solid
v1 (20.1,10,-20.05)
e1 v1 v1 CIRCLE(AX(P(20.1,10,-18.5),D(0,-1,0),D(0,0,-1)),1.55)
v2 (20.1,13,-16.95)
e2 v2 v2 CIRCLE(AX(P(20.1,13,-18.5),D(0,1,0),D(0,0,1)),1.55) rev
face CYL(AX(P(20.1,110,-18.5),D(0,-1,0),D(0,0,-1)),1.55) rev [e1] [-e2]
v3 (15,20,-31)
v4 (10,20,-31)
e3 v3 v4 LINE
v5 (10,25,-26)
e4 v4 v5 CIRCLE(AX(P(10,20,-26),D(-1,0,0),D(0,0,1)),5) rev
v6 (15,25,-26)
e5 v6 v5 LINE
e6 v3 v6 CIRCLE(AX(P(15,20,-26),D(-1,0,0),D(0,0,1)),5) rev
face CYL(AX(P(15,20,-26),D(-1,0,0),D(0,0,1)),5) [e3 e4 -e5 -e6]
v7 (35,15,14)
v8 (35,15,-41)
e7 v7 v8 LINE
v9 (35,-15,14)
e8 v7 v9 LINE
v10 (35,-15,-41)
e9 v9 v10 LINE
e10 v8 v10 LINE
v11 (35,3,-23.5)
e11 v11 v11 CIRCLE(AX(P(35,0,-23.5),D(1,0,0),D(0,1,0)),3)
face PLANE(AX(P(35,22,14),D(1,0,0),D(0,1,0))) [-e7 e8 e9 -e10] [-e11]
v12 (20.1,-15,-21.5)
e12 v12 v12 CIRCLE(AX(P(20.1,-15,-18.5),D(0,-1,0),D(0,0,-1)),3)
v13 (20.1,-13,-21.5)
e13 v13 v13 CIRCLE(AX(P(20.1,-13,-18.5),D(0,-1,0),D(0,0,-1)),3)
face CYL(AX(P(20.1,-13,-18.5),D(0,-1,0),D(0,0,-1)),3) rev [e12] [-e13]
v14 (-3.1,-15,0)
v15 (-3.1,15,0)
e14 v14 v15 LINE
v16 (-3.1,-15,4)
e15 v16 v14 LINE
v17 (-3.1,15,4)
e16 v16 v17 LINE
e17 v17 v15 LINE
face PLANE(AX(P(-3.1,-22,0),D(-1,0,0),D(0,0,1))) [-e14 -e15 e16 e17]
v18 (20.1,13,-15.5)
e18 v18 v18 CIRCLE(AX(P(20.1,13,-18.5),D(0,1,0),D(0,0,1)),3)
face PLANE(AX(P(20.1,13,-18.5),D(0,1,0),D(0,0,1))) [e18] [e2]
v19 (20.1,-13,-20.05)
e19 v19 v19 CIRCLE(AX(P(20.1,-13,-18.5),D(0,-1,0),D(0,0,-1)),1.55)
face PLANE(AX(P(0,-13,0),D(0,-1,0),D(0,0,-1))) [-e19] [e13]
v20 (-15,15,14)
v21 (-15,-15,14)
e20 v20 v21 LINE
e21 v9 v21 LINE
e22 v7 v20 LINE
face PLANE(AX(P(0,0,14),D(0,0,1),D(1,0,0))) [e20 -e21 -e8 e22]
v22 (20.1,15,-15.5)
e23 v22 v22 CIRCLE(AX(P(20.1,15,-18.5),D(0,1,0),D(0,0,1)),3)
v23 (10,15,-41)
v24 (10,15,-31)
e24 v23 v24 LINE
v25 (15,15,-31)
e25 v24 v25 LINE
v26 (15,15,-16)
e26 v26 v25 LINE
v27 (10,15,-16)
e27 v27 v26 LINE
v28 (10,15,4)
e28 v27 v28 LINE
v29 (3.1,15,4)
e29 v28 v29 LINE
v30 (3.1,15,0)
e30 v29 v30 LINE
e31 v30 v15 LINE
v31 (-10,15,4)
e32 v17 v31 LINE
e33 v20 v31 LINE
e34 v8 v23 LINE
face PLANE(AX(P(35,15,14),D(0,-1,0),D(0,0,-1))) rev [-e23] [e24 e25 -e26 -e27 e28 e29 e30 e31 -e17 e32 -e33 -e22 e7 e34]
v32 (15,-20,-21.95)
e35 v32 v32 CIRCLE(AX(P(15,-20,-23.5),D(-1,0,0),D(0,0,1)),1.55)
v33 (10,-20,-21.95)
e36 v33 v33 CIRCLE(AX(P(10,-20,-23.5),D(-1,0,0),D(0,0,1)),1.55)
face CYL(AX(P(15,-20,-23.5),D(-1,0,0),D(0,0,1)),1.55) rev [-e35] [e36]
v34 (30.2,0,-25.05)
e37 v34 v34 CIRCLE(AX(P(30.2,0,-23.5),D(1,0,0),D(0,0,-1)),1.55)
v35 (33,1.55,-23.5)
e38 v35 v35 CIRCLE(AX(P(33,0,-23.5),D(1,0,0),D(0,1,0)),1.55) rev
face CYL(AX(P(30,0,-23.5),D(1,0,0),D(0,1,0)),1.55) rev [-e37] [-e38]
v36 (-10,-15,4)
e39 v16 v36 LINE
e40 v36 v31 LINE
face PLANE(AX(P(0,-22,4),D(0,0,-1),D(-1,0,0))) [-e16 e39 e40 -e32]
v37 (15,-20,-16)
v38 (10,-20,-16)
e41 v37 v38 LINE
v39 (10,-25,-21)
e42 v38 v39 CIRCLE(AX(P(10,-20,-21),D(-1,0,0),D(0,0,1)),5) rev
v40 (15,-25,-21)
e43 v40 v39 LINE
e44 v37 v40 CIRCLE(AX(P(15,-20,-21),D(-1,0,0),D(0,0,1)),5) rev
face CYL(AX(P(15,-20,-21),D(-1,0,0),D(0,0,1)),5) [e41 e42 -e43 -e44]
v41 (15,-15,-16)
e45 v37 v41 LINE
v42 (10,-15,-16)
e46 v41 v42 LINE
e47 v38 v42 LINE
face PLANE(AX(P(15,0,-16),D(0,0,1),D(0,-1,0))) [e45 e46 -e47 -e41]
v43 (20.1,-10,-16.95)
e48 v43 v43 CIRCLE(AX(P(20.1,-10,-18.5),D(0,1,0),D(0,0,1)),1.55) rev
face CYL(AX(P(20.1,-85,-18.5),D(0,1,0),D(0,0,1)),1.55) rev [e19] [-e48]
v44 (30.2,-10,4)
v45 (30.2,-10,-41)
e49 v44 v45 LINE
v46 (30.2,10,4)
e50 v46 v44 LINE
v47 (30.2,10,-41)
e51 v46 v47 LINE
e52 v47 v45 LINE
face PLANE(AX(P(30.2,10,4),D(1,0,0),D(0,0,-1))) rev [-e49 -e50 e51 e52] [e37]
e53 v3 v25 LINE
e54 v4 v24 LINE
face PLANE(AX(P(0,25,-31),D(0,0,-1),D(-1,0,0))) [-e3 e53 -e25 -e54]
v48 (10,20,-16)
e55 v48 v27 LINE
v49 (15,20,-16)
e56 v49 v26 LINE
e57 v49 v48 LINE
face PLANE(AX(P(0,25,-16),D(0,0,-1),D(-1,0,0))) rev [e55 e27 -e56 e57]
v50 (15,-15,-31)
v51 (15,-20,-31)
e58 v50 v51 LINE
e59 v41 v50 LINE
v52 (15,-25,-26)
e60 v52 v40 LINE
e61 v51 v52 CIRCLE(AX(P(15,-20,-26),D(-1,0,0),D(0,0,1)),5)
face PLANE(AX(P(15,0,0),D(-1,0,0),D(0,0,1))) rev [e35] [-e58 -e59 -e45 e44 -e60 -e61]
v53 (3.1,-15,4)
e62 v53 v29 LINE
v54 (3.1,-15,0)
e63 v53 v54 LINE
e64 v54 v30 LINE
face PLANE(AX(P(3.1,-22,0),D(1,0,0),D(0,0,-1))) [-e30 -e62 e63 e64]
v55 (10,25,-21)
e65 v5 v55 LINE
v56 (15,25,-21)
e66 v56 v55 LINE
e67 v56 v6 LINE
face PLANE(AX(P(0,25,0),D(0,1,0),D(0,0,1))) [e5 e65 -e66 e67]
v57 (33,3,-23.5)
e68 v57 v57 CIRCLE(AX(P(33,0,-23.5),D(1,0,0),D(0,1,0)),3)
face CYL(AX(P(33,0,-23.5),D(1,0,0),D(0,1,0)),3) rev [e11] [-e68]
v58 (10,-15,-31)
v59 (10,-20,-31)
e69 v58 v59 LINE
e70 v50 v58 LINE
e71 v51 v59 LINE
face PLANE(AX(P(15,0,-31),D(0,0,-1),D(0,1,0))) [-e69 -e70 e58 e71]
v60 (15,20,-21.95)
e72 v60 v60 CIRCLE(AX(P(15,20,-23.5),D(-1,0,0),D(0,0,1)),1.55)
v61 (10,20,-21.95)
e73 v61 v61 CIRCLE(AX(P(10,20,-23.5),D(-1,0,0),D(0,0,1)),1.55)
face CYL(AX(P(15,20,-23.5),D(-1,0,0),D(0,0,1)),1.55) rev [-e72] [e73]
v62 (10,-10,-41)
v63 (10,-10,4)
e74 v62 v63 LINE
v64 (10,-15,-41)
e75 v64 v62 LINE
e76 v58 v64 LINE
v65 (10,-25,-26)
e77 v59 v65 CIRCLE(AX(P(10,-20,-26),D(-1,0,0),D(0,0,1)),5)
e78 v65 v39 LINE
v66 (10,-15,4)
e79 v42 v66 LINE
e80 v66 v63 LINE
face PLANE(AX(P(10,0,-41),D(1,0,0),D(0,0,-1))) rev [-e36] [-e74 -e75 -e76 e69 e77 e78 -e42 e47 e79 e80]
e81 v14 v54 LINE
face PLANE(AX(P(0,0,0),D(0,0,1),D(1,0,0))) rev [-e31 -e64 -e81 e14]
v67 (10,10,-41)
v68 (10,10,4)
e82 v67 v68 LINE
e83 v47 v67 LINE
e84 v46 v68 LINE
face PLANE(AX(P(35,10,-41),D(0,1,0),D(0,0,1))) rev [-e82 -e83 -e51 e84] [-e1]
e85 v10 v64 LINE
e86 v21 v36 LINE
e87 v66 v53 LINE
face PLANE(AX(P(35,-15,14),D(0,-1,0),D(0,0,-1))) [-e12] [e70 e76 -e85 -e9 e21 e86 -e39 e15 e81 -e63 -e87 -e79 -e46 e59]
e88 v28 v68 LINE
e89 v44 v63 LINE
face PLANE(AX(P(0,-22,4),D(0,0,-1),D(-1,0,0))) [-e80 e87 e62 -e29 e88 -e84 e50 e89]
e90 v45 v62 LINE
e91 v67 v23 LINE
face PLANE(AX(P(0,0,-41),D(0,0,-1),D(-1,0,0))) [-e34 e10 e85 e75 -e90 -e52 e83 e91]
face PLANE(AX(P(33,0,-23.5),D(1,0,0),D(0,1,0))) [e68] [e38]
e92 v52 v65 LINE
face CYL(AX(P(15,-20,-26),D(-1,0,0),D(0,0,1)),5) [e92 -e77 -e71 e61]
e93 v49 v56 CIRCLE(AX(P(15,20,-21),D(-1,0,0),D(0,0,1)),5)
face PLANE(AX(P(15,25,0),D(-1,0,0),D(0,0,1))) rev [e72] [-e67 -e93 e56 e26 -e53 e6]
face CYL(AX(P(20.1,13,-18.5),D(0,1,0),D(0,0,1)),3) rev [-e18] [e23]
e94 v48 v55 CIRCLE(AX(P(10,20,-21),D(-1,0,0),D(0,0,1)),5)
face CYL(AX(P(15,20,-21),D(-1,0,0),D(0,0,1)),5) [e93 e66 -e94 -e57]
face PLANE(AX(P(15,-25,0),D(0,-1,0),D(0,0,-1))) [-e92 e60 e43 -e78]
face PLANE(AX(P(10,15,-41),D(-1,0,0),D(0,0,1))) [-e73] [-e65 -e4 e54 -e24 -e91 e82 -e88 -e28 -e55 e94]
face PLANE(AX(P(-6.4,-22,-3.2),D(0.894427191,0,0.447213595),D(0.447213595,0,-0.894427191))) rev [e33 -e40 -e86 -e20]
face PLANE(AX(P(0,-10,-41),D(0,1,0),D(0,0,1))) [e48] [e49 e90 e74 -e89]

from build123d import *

# Parameters (mm, degrees)
EXTRUDE_1_DEPTH      = 14
CUT_EXTRUDE_1_DEPTH  = 44
SKETCH_8_W           = 5
SKETCH_8_H           = 44
CUT_EXTRUDE_2_DEPTH  = 10
SKETCH_9_W           = 25
SKETCH_9_H           = 44
EXTRUDE_2_DEPTH      = 10
SKETCH_10_W          = 50
SKETCH_10_H          = 7
CUT_EXTRUDE_3_DEPTH  = 10
SKETCH_11_W          = 6.2
SKETCH_11_H          = 7
CUT_EXTRUDE_4_DEPTH  = 10
SKETCH_12_W          = 5
SKETCH_12_H          = 5
SKETCH_12_W_2        = 20
SKETCH_12_H_2        = 20
EXTRUDE_3_DEPTH      = 45
SKETCH_13_W          = 5
SKETCH_13_H          = 7.5
EXTRUDE_4_DEPTH      = 10
SKETCH_14_W          = 15
SKETCH_14_H          = 10
EXTRUDE_5_DEPTH      = 5
SKETCH_15_R          = 1.55
CUT_EXTRUDE_5_DEPTH  = 5
CUT_EXTRUDE_6_DEPTH  = 5
CUT_EXTRUDE_7_DEPTH  = 5
EXTRUDE_6_DEPTH      = 5
EXTRUDE_START        = -5
EXTRUDE_7_DEPTH      = 5
SKETCH_20_W          = 0.2
SKETCH_20_H          = 20
CUT_EXTRUDE_8_DEPTH  = 45
CUT_EXTRUDE_START    = -100
CUT_EXTRUDE_9_DEPTH  = 100
CUT_EXTRUDE_10_DEPTH = 100
SKETCH_24_R          = 1.55
CUT_EXTRUDE_11_DEPTH = 100
SKETCH_25_R          = 3
SKETCH_25_R_2        = 1.55
CUT_EXTRUDE_12_DEPTH = 2
CUT_EXTRUDE_START_2  = -2
SKETCH_26_R          = 3
CUT_EXTRUDE_13_DEPTH = 2
CUT_EXTRUDE_14_DEPTH = 5
SKETCH_28_R          = 3
CUT_EXTRUDE_15_DEPTH = 2


with BuildPart() as part:
    # 草图1 → 凸台-拉伸1 (new body)
    with BuildSketch(Plane.XY):
        Polygon((-15, 22), (-15, -22), (15, -22), (15, 22), (0, 22), align=None)
    extrude(amount=EXTRUDE_1_DEPTH)

    # 草图2 → 切除-拉伸1 (cut)
    with BuildSketch(Plane(origin=(0, 22, 0), x_dir=(1, 0, 0), z_dir=(0, 1, 0))):
        Polygon((-15, 0), (-15, -14), (-10, -4), (-3.1, -4), (-3.1, 0), align=None)
        Polygon((3.1, -4), (10, -4), (15, -14), (15, 0), (3.1, 0), align=None)
    extrude(amount=-CUT_EXTRUDE_1_DEPTH, mode=Mode.SUBTRACT)

    # 草图8 → 切除-拉伸2 (cut)
    with BuildSketch(Plane(origin=(0, 0, 4), x_dir=(-1, 0, 0), z_dir=(0, 0, -1))):
        with Locations((-12.5, 0)):
            Rectangle(SKETCH_8_W, SKETCH_8_H)
    extrude(amount=-CUT_EXTRUDE_2_DEPTH, mode=Mode.SUBTRACT)

    # 草图9 → 凸台-拉伸2 (add)
    with BuildSketch(Plane(origin=(0, 0, 4), x_dir=(-1, 0, 0), z_dir=(0, 0, -1))):
        with Locations((-22.5, 0)):
            Rectangle(SKETCH_9_W, SKETCH_9_H)
    extrude(amount=-EXTRUDE_2_DEPTH)

    # 草图10 → 切除-拉伸3 (cut)
    with BuildSketch(Plane(origin=(0, 0, 4), x_dir=(-1, 0, 0), z_dir=(0, 0, -1))):
        with Locations((-10, -18.5)):
            Rectangle(SKETCH_10_W, SKETCH_10_H)
        with Locations((-10, 18.5)):
            Rectangle(SKETCH_10_W, SKETCH_10_H)
    extrude(amount=-CUT_EXTRUDE_3_DEPTH, mode=Mode.SUBTRACT)

    # 草图11 → 切除-拉伸4 (cut)
    with BuildSketch(Plane(origin=(0, 0, 0), x_dir=(-1, 0, 0), z_dir=(0, 0, -1))):
        with Locations((0, 18.5)):
            Rectangle(SKETCH_11_W, SKETCH_11_H)
        with Locations((0, -18.5)):
            Rectangle(SKETCH_11_W, SKETCH_11_H)
    extrude(amount=-CUT_EXTRUDE_4_DEPTH, mode=Mode.SUBTRACT)

    # 草图12 → 凸台-拉伸3 (add)
    with BuildSketch(Plane(origin=(0, 0, 4), x_dir=(-1, 0, 0), z_dir=(0, 0, -1))):
        with Locations((-32.5, 12.5)):
            Rectangle(SKETCH_12_W, SKETCH_12_H)
        with Locations((-20, 12.5)):
            Rectangle(SKETCH_12_W_2, SKETCH_12_H)
        with Locations((-32.5, 0)):
            Rectangle(SKETCH_12_W, SKETCH_12_H_2)
        with Locations((-32.5, -12.5)):
            Rectangle(SKETCH_12_W, SKETCH_12_H)
        with Locations((-20, -12.5)):
            Rectangle(SKETCH_12_W_2, SKETCH_12_H)
    extrude(amount=EXTRUDE_3_DEPTH)

    # 草图13 → 凸台-拉伸4 (add)
    with BuildSketch(Plane(origin=(0, 15, 0), x_dir=(1, 0, 0), z_dir=(0, 1, 0))):
        with Locations((12.5, 27.25)):
            Rectangle(SKETCH_13_W, SKETCH_13_H)
        with Locations((12.5, 19.75)):
            Rectangle(SKETCH_13_W, SKETCH_13_H)
    extrude(amount=EXTRUDE_4_DEPTH)

    # 草图14 → 凸台-拉伸5 (add)
    with BuildSketch(Plane.ZY.offset(-10)):
        with Locations((-23.5, -20)):
            Rectangle(SKETCH_14_W, SKETCH_14_H)
    extrude(amount=-EXTRUDE_5_DEPTH)

    # 草图15 → 切除-拉伸5 (cut)
    with BuildSketch(Plane.ZY.offset(-10)):
        with Locations((-23.5, 20)):
            Circle(SKETCH_15_R)
        with Locations((-23.5, -20)):
            Circle(SKETCH_15_R)
    extrude(amount=-CUT_EXTRUDE_5_DEPTH, mode=Mode.SUBTRACT)

    # 草图16 → 切除-拉伸6 (cut)
    with BuildSketch(Plane.ZY.offset(-10)):
        with BuildLine():
            Line((-31, 25), (-31, 20))
            ThreePointArc((-31, 20), (-29.535533906, 23.535533906), (-26, 25))
            Line((-26, 25), (-31, 25))
        make_face()
        with BuildLine():
            Line((-16, 25), (-21, 25))
            ThreePointArc((-21, 25), (-17.464466094, 23.535533906), (-16, 20))
            Line((-16, 20), (-16, 25))
        make_face()
    extrude(amount=-CUT_EXTRUDE_6_DEPTH, mode=Mode.SUBTRACT)

    # 草图17 → 切除-拉伸7 (cut)
    with BuildSketch(Plane.ZY.offset(-10)):
        with BuildLine():
            ThreePointArc((-26, -25), (-29.535533906, -23.535533906), (-31, -20))
            Line((-31, -20), (-31, -25))
            Line((-31, -25), (-26, -25))
        make_face()
        with BuildLine():
            ThreePointArc((-16, -20), (-17.464466094, -23.535533906), (-21, -25))
            Line((-21, -25), (-16, -25))
            Line((-16, -25), (-16, -20))
        make_face()
    extrude(amount=-CUT_EXTRUDE_7_DEPTH, mode=Mode.SUBTRACT)

    # 草图18 → 凸台-拉伸6 (add)
    with BuildSketch(Plane.XZ.offset(15)):
        with BuildLine():
            Line((10, -41), (10, -31))
            ThreePointArc((10, -31), (7.071067812, -38.071067812), (0, -41))
            Line((0, -41), (10, -41))
        make_face()
    extrude(amount=-EXTRUDE_6_DEPTH)

    # 草图19 → 凸台-拉伸7 (add)
    with BuildSketch(Plane(origin=(0, 15, 0), x_dir=(1, 0, 0), z_dir=(0, 1, 0)).offset(EXTRUDE_START)):
        with BuildLine():
            Line((10, 41), (0, 41))
            ThreePointArc((0, 41), (7.071067812, 38.071067812), (10, 31))
            Line((10, 31), (10, 41))
        make_face()
    extrude(amount=EXTRUDE_7_DEPTH)

    # 草图20 → 切除-拉伸8 (cut)
    with BuildSketch(Plane(origin=(0, 0, -41), x_dir=(-1, 0, 0), z_dir=(0, 0, -1))):
        with Locations((-30.1, 0)):
            Rectangle(SKETCH_20_W, SKETCH_20_H)
    extrude(amount=-CUT_EXTRUDE_8_DEPTH, mode=Mode.SUBTRACT)

    # 草图21 → 切除-拉伸9 (cut)
    with BuildSketch(Plane(origin=(0, 15, 0), x_dir=(1, 0, 0), z_dir=(0, 1, 0)).offset(CUT_EXTRUDE_START)):
        with BuildLine():
            Line((10, 41), (0, 41))
            ThreePointArc((0, 41), (7.071067812, 38.071067812), (10, 31))
            Line((10, 31), (10, 41))
        make_face()
    extrude(amount=CUT_EXTRUDE_9_DEPTH, mode=Mode.SUBTRACT)

    # 草图23 → 切除-拉伸10 (cut)
    with BuildSketch(Plane.XZ.offset(-10)):
        with BuildLine():
            ThreePointArc((21.65, -18.5), (21.401225478, -17.657793223), (20.73475838, -17.085934302))
            Line((20.73475838, -17.085934302), (19.46524162, -19.914065698))
            ThreePointArc((19.46524162, -19.914065698), (20.942206777, -19.801225478), (21.65, -18.5))
        make_face()
        with BuildLine():
            Line((19.46524162, -19.914065698), (20.73475838, -17.085934302))
            ThreePointArc((20.73475838, -17.085934302), (18.685934302, -17.86524162), (19.46524162, -19.914065698))
        make_face()
    extrude(amount=-CUT_EXTRUDE_10_DEPTH, mode=Mode.SUBTRACT)

    # 草图24 → 切除-拉伸11 (cut)
    with BuildSketch(Plane(origin=(0, 15, 0), x_dir=(1, 0, 0), z_dir=(0, 1, 0)).offset(CUT_EXTRUDE_START)):
        with Locations(Location((20.1, 18.5, 0), (0, 0, 90))):
            Circle(SKETCH_24_R)
    extrude(amount=CUT_EXTRUDE_11_DEPTH, mode=Mode.SUBTRACT)

    # 草图25 → 切除-拉伸12 (cut)
    with BuildSketch(Plane.XZ.offset(15)):
        with Locations(Location((20.1, -18.5, 0), (0, 0, 270))):
            Circle(SKETCH_25_R)
        with Locations(Location((20.1, -18.5, 0), (0, 0, 90))):
            Circle(SKETCH_25_R_2, mode=Mode.SUBTRACT)
    extrude(amount=-CUT_EXTRUDE_12_DEPTH, mode=Mode.SUBTRACT)

    # 草图26 → 切除-拉伸13 (cut)
    with BuildSketch(Plane(origin=(0, 15, 0), x_dir=(1, 0, 0), z_dir=(0, 1, 0)).offset(CUT_EXTRUDE_START_2)):
        with Locations(Location((20.1, 18.5, 0), (0, 0, 90))):
            Circle(SKETCH_26_R)
    extrude(amount=CUT_EXTRUDE_13_DEPTH, mode=Mode.SUBTRACT)

    # 草图27 → 切除-拉伸14 (cut)
    with BuildSketch(Plane(origin=(35, 0, 0), x_dir=(0, 0, -1), z_dir=(1, 0, 0))):
        with BuildLine():
            ThreePointArc((25.05, 0), (24.596015511, 1.096015511), (23.5, 1.55))
            Line((23.5, 1.55), (23.5, 0))
            Line((23.5, 0), (25.05, 0))
        make_face()
        with BuildLine():
            Line((25.05, 0), (23.5, 0))
            Line((23.5, 0), (23.5, -1.55))
            ThreePointArc((23.5, -1.55), (24.596015511, -1.096015511), (25.05, 0))
        make_face()
        with BuildLine():
            Line((23.5, 0), (23.5, 1.55))
            ThreePointArc((23.5, 1.55), (21.95, 0), (23.5, -1.55))
            Line((23.5, -1.55), (23.5, 0))
        make_face()
    extrude(amount=-CUT_EXTRUDE_14_DEPTH, mode=Mode.SUBTRACT)

    # 草图28 → 切除-拉伸15 (cut)
    with BuildSketch(Plane(origin=(35, 0, 0), x_dir=(0, 0, -1), z_dir=(1, 0, 0))):
        with Locations(Location((23.5, 0, 0), (0, 0, 90))):
            Circle(SKETCH_28_R)
    extrude(amount=-CUT_EXTRUDE_15_DEPTH, mode=Mode.SUBTRACT)


solid = part.part
